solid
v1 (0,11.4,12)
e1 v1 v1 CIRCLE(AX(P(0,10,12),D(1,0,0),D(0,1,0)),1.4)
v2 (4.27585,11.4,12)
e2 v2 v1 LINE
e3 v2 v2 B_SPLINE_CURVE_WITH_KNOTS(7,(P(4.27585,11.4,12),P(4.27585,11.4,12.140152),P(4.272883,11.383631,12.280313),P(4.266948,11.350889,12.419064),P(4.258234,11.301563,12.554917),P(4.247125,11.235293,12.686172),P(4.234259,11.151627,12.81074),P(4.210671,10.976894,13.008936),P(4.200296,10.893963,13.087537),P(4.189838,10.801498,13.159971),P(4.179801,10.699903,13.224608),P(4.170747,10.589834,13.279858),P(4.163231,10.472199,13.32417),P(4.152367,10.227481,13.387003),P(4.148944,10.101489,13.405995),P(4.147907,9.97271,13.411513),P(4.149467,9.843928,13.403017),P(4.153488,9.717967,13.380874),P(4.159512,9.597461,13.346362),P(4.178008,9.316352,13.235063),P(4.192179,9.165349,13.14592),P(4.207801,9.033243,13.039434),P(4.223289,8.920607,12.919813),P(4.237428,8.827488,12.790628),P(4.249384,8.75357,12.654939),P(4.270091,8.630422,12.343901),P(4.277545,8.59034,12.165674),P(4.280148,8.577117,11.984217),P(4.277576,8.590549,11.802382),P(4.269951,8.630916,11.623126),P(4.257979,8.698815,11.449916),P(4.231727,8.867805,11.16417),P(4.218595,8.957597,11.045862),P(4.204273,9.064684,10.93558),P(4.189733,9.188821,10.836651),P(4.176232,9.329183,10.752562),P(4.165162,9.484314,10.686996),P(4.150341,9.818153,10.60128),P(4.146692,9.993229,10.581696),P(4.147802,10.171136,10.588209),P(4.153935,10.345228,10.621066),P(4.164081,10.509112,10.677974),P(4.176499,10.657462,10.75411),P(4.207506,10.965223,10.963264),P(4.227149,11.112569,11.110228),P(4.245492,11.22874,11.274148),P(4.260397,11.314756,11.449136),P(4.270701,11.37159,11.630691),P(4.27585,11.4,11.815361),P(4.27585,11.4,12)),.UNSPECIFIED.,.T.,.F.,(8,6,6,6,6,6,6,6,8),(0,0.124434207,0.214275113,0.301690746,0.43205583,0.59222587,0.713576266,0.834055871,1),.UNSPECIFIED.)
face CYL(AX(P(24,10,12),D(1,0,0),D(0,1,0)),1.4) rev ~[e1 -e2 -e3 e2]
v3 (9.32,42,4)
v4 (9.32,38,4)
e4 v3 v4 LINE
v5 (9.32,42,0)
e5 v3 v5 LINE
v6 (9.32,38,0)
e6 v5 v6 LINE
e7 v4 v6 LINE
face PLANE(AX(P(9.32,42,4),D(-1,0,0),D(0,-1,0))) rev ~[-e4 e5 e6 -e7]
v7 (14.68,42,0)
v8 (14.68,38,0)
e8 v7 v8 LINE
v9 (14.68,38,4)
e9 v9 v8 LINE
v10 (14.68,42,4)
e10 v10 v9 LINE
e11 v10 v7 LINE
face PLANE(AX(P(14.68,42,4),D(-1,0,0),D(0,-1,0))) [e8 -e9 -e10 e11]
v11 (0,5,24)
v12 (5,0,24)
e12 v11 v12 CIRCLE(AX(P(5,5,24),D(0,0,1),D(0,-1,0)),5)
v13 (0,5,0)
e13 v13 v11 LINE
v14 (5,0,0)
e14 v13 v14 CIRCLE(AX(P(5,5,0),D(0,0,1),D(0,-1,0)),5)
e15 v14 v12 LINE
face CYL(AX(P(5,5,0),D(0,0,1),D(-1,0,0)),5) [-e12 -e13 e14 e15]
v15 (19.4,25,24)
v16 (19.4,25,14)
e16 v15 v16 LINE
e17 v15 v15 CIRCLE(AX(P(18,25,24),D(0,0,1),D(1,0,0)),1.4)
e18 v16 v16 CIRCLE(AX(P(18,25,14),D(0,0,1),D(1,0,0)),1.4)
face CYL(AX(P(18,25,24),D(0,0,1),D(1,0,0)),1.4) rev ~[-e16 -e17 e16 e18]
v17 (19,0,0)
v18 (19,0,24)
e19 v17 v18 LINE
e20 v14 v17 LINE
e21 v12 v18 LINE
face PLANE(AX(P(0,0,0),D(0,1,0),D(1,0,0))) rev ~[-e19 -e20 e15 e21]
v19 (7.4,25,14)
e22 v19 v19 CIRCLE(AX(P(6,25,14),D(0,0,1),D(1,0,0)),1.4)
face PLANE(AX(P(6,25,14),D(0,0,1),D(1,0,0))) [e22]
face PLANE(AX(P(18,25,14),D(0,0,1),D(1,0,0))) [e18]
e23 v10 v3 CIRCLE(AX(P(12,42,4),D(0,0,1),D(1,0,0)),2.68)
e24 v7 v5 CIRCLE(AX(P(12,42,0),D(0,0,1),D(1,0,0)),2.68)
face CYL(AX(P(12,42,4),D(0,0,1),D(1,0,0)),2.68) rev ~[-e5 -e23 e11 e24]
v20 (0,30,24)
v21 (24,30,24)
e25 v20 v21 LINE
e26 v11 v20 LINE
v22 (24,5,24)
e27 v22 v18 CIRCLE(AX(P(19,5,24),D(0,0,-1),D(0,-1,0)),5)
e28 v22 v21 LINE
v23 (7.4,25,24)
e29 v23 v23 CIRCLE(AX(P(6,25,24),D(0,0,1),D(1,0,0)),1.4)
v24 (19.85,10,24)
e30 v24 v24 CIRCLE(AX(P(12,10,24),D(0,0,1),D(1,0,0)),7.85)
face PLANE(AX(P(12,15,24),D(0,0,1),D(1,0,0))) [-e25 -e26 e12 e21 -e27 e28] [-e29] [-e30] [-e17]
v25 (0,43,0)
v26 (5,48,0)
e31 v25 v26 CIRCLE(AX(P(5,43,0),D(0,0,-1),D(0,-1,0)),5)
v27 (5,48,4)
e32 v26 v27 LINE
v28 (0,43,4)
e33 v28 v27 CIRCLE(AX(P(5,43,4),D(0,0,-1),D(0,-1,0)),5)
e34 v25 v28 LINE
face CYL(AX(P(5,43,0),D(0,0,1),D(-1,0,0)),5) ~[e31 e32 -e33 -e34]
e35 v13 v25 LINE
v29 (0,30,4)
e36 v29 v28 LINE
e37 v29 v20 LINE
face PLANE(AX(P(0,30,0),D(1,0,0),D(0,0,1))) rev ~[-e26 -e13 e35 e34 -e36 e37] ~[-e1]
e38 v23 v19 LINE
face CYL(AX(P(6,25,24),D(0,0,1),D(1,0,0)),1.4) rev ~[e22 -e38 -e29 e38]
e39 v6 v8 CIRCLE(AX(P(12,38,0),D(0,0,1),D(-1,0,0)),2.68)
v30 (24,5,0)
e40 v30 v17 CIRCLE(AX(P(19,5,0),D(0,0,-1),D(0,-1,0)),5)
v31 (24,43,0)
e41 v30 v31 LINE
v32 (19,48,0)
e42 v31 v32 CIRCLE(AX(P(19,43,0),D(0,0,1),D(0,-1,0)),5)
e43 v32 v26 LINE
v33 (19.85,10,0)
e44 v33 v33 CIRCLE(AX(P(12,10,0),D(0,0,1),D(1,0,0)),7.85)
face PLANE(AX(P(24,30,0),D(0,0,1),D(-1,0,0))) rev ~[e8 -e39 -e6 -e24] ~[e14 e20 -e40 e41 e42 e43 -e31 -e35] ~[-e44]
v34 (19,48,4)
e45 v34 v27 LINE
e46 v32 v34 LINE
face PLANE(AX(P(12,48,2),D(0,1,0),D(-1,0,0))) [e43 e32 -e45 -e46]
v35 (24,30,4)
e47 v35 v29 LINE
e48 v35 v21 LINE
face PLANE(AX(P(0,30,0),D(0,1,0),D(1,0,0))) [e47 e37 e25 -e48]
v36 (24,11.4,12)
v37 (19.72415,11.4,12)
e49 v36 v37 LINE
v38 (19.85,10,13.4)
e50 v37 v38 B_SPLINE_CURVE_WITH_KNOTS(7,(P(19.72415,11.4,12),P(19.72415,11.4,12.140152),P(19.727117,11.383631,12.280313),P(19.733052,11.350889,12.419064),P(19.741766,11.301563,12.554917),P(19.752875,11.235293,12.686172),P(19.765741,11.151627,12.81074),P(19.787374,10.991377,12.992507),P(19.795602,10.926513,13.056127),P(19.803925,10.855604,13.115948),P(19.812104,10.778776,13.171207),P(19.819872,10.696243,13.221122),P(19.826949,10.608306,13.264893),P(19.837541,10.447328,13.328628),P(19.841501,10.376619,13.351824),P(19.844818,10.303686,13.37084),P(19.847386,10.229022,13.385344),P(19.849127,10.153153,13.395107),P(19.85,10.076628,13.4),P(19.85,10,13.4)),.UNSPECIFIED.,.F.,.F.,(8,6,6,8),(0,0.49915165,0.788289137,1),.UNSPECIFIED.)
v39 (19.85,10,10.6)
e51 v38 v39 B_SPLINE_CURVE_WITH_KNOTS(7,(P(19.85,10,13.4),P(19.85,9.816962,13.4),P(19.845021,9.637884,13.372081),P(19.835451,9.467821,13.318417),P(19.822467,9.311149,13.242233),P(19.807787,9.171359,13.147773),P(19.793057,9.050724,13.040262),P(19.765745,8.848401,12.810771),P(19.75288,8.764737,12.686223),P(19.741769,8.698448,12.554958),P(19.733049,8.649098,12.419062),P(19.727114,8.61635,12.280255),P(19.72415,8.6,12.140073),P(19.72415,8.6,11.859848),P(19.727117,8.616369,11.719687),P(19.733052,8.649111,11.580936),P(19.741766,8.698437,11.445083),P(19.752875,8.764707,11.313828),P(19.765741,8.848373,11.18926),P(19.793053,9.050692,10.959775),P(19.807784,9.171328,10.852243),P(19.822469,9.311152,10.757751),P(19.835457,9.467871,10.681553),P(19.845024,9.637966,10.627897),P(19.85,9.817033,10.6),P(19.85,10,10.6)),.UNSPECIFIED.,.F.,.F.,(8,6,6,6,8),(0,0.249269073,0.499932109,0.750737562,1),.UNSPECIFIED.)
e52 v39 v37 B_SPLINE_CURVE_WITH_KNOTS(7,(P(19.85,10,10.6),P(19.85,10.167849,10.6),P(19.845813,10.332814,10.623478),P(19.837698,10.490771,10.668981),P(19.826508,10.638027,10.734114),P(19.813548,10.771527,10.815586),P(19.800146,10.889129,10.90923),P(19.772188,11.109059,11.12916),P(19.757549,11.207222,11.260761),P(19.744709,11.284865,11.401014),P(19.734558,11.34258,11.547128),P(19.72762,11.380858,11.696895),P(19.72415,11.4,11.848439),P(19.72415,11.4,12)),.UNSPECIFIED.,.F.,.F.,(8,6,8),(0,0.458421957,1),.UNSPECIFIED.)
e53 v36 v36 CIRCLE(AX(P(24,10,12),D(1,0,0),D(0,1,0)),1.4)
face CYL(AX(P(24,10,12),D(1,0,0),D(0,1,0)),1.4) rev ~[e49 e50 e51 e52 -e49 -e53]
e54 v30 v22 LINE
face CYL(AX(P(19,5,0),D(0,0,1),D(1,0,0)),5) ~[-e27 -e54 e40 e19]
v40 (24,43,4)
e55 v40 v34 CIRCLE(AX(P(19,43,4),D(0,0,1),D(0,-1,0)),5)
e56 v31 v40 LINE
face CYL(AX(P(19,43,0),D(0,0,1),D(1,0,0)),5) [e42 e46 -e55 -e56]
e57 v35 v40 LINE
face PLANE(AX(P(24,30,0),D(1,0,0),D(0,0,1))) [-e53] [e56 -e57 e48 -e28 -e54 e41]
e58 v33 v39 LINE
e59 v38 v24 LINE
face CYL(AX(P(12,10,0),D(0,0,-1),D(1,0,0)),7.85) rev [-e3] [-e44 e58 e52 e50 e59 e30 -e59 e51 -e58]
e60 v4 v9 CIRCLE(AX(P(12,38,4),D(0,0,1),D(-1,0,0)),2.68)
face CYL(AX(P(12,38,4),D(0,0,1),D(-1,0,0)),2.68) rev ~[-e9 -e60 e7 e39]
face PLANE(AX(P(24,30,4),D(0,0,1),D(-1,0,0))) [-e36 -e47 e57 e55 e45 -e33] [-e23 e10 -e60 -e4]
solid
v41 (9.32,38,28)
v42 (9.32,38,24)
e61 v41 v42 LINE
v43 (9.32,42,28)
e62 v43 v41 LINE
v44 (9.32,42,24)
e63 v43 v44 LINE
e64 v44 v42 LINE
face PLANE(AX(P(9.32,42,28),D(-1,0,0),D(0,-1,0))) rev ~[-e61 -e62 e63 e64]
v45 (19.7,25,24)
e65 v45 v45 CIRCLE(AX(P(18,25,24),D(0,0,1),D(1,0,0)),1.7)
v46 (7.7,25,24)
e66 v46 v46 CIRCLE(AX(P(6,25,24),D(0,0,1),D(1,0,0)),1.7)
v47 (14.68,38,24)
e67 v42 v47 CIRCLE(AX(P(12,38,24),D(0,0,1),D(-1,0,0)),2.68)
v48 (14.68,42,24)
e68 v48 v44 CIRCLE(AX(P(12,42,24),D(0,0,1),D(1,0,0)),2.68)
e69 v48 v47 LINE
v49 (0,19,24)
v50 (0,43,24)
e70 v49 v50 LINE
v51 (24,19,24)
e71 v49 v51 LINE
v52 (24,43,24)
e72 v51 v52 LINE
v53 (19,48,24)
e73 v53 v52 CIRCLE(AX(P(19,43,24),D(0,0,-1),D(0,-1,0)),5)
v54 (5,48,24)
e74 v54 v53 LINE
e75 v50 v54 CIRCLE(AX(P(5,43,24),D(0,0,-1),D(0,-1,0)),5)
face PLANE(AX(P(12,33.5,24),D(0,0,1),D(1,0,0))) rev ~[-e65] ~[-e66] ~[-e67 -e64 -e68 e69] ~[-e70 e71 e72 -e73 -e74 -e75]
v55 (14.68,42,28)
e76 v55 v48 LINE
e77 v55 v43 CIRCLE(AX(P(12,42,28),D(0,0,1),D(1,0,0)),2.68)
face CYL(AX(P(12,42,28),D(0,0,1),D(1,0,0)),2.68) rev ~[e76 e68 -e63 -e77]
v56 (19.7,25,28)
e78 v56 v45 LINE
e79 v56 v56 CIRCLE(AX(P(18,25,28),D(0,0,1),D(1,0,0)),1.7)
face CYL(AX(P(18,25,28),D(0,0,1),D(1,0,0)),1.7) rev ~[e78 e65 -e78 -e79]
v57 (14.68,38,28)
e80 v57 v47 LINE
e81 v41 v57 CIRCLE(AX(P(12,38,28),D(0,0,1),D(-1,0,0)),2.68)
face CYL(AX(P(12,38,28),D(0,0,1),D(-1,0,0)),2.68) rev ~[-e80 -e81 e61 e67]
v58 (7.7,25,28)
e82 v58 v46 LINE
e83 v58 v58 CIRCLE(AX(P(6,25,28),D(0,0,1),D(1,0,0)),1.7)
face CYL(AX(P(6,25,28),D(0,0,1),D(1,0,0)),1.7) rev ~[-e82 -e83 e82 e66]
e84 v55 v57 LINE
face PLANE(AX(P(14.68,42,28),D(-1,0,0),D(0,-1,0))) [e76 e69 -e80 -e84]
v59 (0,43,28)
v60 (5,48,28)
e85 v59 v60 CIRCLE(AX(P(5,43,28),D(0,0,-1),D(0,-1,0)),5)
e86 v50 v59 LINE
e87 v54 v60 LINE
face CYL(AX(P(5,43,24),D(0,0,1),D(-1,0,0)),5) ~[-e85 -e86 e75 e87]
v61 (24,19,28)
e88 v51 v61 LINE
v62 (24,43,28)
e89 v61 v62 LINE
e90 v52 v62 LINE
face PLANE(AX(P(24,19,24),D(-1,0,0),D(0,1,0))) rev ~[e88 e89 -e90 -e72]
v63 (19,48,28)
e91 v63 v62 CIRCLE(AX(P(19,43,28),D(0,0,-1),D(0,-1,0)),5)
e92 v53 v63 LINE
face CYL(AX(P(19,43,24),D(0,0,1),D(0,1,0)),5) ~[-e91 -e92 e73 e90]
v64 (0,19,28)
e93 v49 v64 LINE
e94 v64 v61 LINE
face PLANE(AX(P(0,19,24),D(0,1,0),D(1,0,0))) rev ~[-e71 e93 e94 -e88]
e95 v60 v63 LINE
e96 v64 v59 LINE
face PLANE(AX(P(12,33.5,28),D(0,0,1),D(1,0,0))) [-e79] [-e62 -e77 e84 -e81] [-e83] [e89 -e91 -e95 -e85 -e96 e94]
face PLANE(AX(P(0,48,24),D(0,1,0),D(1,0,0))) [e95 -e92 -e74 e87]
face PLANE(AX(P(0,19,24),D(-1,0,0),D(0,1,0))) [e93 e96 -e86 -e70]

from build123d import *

# Parameters (mm, degrees)
SKETCH_W        = 24
SKETCH_H        = 30
SKETCH_R        = 7.85
PAD_DEPTH       = 24
SKETCH001_W     = 24
SKETCH001_H     = 4
PAD001_DEPTH    = 18
FILLET_R        = 5
SKETCH002_R     = 1.4
POCKET_DEPTH    = 10
POCKET001_DEPTH = 5
SKETCH004_R     = 1.4
POCKET002_DEPTH = 24.001
BOX_W           = 24
BOX_H           = 29
BOX_DEPTH       = 4
POCKET003_DEPTH = 5
SKETCH006_R     = 1.7
POCKET004_DEPTH = 5
FILLET001_R     = 5


with BuildPart() as pocket002:
    # Sketch → Pad (new body)
    with BuildSketch(Plane.XY):
        with Locations((12, 15)):
            Rectangle(SKETCH_W, SKETCH_H)
        with Locations((12, 10)):
            Circle(SKETCH_R, mode=Mode.SUBTRACT)
    extrude(amount=PAD_DEPTH)

    # Sketch001 → Pad001 (new body)
    with BuildSketch(Plane(origin=(0, 30, 0), x_dir=(-1, 0, 0), z_dir=(0, 1, 0))):
        with Locations((-12, 2)):
            Rectangle(SKETCH001_W, SKETCH001_H)
    extrude(amount=PAD001_DEPTH)

    # Fillet
    fillet_edges = [pocket002.edges().sort_by_distance(p)[0] for p in [
        (24, 48, 2),
        (24, 0, 12),
        (0, 0, 12),
        (0, 48, 2),
    ]]
    fillet(fillet_edges, radius=FILLET_R)

    # Sketch002 → Pocket (cut)
    with BuildSketch(Plane.XY.offset(24)):
        with Locations((6, 25)):
            Circle(SKETCH002_R)
        with Locations((18, 25)):
            Circle(SKETCH002_R)
    extrude(amount=-POCKET_DEPTH, mode=Mode.SUBTRACT)

    # Sketch003 → Pocket001 (cut)
    with BuildSketch(Plane.XY.offset(4)):
        with BuildLine():
            ThreePointArc((14.68, 42), (12, 44.68), (9.32, 42))
            Line((9.32, 42), (9.32, 38))
            ThreePointArc((9.32, 38), (12, 35.32), (14.68, 38))
            Line((14.68, 42), (14.68, 38))
        make_face()
    extrude(amount=-POCKET001_DEPTH, mode=Mode.SUBTRACT)

    # Sketch004 → Pocket002 (cut, through all)
    with BuildSketch(Plane.YZ.offset(24)):
        with Locations((10, 12)):
            Circle(SKETCH004_R)
    extrude(amount=-POCKET002_DEPTH, mode=Mode.SUBTRACT)


with BuildPart() as fillet001:
    # Box → Box (new body)
    with BuildSketch(Plane(origin=(0, 19, 24), x_dir=(1, 0, 0), z_dir=(0, 0, 1))):
        with Locations((12, 14.5)):
            Rectangle(BOX_W, BOX_H)
    extrude(amount=BOX_DEPTH)

    # Sketch005 → Pocket003 (cut)
    with BuildSketch(Plane(origin=(0, 19, 28), x_dir=(1, 0, 0), z_dir=(0, 0, 1))):
        with BuildLine():
            ThreePointArc((14.68, 23), (12, 25.68), (9.32, 23))
            Line((9.32, 23), (9.32, 19))
            ThreePointArc((9.32, 19), (12, 16.32), (14.68, 19))
            Line((14.68, 23), (14.68, 19))
        make_face()
    extrude(amount=-POCKET003_DEPTH, mode=Mode.SUBTRACT)

    # Sketch006 → Pocket004 (cut)
    with BuildSketch(Plane(origin=(0, 19, 28), x_dir=(1, 0, 0), z_dir=(0, 0, 1))):
        with Locations((6, 6)):
            Circle(SKETCH006_R)
        with Locations((18, 6)):
            Circle(SKETCH006_R)
    extrude(amount=-POCKET004_DEPTH, mode=Mode.SUBTRACT)

    # Fillet001
    fillet001_edges = [fillet001.edges().sort_by_distance(p)[0] for p in [
        (24, 48, 26),
        (0, 48, 26),
    ]]
    fillet(fillet001_edges, radius=FILLET001_R)


solid = Compound([pocket002.part, fillet001.part])
